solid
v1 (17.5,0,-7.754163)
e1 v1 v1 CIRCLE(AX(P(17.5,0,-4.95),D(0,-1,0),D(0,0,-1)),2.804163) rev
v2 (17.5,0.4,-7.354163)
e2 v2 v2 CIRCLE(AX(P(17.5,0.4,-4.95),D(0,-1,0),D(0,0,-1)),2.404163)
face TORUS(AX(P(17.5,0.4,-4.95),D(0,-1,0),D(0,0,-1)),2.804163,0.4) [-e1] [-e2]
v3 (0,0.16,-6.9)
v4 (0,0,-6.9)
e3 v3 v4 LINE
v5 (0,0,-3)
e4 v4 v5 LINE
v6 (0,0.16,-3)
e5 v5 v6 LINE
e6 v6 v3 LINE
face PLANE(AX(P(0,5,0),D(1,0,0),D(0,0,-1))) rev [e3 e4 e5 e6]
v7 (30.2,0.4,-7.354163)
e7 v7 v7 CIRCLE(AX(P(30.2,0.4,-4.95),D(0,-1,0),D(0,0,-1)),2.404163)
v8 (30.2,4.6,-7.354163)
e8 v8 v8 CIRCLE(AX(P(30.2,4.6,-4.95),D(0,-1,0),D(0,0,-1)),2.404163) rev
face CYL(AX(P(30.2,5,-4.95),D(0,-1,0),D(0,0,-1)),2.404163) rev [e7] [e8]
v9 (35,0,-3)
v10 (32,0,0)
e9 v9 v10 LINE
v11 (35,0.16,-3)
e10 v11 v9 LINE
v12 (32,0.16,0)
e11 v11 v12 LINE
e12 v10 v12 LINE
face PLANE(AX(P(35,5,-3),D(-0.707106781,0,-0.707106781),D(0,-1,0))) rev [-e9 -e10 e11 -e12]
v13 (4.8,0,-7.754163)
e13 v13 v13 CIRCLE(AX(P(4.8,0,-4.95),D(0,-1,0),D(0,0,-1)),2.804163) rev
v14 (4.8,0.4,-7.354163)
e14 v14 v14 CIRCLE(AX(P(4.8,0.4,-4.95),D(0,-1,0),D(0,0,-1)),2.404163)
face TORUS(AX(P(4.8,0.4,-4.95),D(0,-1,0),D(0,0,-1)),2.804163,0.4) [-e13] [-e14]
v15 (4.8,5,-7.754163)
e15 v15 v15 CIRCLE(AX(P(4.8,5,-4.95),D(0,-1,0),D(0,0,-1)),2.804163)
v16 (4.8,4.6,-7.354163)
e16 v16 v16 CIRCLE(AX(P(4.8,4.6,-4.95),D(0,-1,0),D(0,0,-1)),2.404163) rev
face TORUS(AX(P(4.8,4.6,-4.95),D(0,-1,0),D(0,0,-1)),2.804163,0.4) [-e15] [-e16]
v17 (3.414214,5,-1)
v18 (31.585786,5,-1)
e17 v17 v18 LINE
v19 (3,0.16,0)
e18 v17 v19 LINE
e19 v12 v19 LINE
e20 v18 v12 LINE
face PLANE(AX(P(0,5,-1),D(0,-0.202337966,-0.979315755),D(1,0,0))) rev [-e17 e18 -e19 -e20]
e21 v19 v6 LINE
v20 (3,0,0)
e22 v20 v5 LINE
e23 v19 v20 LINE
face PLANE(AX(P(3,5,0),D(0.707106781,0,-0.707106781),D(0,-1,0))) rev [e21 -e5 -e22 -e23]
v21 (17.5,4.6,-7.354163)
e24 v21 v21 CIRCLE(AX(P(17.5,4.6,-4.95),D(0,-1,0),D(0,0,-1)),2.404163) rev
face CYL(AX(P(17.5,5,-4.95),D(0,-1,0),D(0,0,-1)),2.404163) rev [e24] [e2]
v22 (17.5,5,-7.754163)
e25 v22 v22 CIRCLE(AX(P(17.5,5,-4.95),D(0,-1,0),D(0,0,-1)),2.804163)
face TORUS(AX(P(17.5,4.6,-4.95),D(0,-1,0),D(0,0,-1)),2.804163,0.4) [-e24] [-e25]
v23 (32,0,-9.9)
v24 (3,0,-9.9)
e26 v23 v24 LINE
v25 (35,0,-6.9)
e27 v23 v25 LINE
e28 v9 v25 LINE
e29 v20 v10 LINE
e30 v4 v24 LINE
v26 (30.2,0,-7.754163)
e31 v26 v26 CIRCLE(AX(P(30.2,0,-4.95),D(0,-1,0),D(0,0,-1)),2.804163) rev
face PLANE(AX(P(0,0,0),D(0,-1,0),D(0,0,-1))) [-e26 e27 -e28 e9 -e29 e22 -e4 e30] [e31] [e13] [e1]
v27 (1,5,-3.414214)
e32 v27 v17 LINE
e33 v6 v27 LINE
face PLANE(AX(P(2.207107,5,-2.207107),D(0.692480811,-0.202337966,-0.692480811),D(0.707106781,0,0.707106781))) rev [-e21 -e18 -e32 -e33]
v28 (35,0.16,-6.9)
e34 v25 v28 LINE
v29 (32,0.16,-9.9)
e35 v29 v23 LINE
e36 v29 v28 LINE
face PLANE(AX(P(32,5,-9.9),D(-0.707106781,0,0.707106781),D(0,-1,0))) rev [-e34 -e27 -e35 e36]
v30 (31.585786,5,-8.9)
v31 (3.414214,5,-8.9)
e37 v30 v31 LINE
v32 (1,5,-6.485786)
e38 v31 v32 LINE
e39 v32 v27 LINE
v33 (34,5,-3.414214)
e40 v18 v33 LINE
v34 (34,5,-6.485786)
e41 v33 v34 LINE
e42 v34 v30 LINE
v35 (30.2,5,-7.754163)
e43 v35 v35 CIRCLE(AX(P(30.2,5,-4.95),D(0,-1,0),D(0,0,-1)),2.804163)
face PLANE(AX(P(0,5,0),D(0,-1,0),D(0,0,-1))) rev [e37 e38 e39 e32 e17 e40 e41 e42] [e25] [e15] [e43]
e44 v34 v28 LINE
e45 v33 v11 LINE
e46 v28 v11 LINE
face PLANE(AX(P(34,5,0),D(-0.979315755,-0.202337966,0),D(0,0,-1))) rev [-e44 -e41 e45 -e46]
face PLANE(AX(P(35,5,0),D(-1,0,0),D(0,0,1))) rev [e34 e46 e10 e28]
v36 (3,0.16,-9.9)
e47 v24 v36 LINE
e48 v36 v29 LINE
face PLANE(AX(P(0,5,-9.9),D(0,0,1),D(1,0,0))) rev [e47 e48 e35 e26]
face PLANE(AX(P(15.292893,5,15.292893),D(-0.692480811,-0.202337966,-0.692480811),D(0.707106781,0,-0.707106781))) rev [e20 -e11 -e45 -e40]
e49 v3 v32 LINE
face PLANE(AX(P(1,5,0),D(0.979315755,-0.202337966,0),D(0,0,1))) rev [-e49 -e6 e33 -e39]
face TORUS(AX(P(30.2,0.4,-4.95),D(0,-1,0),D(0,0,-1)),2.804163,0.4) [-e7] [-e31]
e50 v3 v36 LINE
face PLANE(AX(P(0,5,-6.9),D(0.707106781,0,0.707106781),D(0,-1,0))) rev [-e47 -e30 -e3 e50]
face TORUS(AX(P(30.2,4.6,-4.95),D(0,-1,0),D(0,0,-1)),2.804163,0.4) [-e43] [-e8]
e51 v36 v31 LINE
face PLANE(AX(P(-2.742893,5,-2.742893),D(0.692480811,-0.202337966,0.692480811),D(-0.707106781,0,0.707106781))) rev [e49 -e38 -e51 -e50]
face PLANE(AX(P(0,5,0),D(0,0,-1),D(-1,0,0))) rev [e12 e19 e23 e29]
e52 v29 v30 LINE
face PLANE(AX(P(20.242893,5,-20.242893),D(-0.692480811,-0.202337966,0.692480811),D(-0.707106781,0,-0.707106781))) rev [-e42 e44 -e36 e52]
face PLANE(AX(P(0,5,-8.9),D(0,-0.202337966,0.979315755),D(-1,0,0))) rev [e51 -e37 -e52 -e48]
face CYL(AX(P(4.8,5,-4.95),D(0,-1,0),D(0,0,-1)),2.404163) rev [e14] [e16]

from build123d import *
from OCP.BRepFilletAPI import BRepFilletAPI_MakeChamfer

# Parameters (mm, degrees)
SKETCH1_W           = 35
SKETCH1_H           = 9.9
SKETCH1_R           = 2.404163056
BOSS_EXTRUDE1_DEPTH = 5
CHAMFER1_SIZE       = 3
CHAMFER2_SIZE       = 4.84
CHAMFER2_SIZE2      = 1
FILLET1_R           = 0.4


with BuildPart() as part:
    # Sketch1 → Boss-Extrude1 (new body)
    with BuildSketch(Plane(origin=(0, 0, 0), x_dir=(1, 0, 0), z_dir=(0, 1, 0))):
        with Locations((17.5, 4.95)):
            Rectangle(SKETCH1_W, SKETCH1_H)
        with Locations(Location((4.8, 4.95, 0), (0, 0, 270))):
            Circle(SKETCH1_R, mode=Mode.SUBTRACT)
        with Locations(Location((17.5, 4.95, 0), (0, 0, 270))):
            Circle(SKETCH1_R, mode=Mode.SUBTRACT)
        with Locations(Location((30.2, 4.95, 0), (0, 0, 270))):
            Circle(SKETCH1_R, mode=Mode.SUBTRACT)
    extrude(amount=BOSS_EXTRUDE1_DEPTH)

    # Chamfer1
    chamfer1_edges = [part.edges().sort_by_distance(p)[0] for p in [
        (0, 2.5, -9.9),
        (35, 2.5, -9.9),
        (35, 2.5, 0),
        (0, 2.5, 0),
    ]]
    chamfer(chamfer1_edges, length=CHAMFER1_SIZE)

    # Chamfer2: one chamfer whose edges measure the first distance from different faces: ONE call of the kernel's chamfer builder (chamfer() names one face for all edges)
    chamfer2_edges_1 = [part.edges().sort_by_distance(p)[0] for p in [
        (35, 5, -4.95),
    ]]
    chamfer2_side_1 = [part.faces().sort_by_distance(p)[0] for p in [
        (35, 2.5, -4.95),
    ]]
    chamfer2_edges_2 = [part.edges().sort_by_distance(p)[0] for p in [
        (17.5, 5, 0),
    ]]
    chamfer2_side_2 = [part.faces().sort_by_distance(p)[0] for p in [
        (17.5, 2.5, 0),
    ]]
    chamfer2_edges_3 = [part.edges().sort_by_distance(p)[0] for p in [
        (0, 5, -4.95),
    ]]
    chamfer2_side_3 = [part.faces().sort_by_distance(p)[0] for p in [
        (0, 2.5, -4.95),
    ]]
    chamfer2_edges_4 = [part.edges().sort_by_distance(p)[0] for p in [
        (17.5, 5, -9.9),
    ]]
    chamfer2_side_4 = [part.faces().sort_by_distance(p)[0] for p in [
        (17.5, 2.5, -9.9),
    ]]
    chamfer2_edges_5 = [part.edges().sort_by_distance(p)[0] for p in [
        (1.5, 5, -1.5),
    ]]
    chamfer2_side_5 = [part.faces().sort_by_distance(p)[0] for p in [
        (1.5, 2.5, -1.5),
    ]]
    chamfer2_edges_6 = [part.edges().sort_by_distance(p)[0] for p in [
        (1.5, 5, -8.4),
    ]]
    chamfer2_side_6 = [part.faces().sort_by_distance(p)[0] for p in [
        (1.5, 2.5, -8.4),
    ]]
    chamfer2_edges_7 = [part.edges().sort_by_distance(p)[0] for p in [
        (33.5, 5, -8.4),
    ]]
    chamfer2_side_7 = [part.faces().sort_by_distance(p)[0] for p in [
        (33.5, 2.5, -8.4),
    ]]
    chamfer2_edges_8 = [part.edges().sort_by_distance(p)[0] for p in [
        (33.5, 5, -1.5),
    ]]
    chamfer2_side_8 = [part.faces().sort_by_distance(p)[0] for p in [
        (33.5, 2.5, -1.5),
    ]]
    chamfer2 = BRepFilletAPI_MakeChamfer(part.part.solid().wrapped)
    for e in chamfer2_edges_1:
        chamfer2.Add(CHAMFER2_SIZE, CHAMFER2_SIZE2, e.wrapped, chamfer2_side_1[0].wrapped)  # the first distance lies on this face
    for e in chamfer2_edges_2:
        chamfer2.Add(CHAMFER2_SIZE, CHAMFER2_SIZE2, e.wrapped, chamfer2_side_2[0].wrapped)  # the first distance lies on this face
    for e in chamfer2_edges_3:
        chamfer2.Add(CHAMFER2_SIZE, CHAMFER2_SIZE2, e.wrapped, chamfer2_side_3[0].wrapped)  # the first distance lies on this face
    for e in chamfer2_edges_4:
        chamfer2.Add(CHAMFER2_SIZE, CHAMFER2_SIZE2, e.wrapped, chamfer2_side_4[0].wrapped)  # the first distance lies on this face
    for e in chamfer2_edges_5:
        chamfer2.Add(CHAMFER2_SIZE, CHAMFER2_SIZE2, e.wrapped, chamfer2_side_5[0].wrapped)  # the first distance lies on this face
    for e in chamfer2_edges_6:
        chamfer2.Add(CHAMFER2_SIZE, CHAMFER2_SIZE2, e.wrapped, chamfer2_side_6[0].wrapped)  # the first distance lies on this face
    for e in chamfer2_edges_7:
        chamfer2.Add(CHAMFER2_SIZE, CHAMFER2_SIZE2, e.wrapped, chamfer2_side_7[0].wrapped)  # the first distance lies on this face
    for e in chamfer2_edges_8:
        chamfer2.Add(CHAMFER2_SIZE, CHAMFER2_SIZE2, e.wrapped, chamfer2_side_8[0].wrapped)  # the first distance lies on this face
    add(Compound.cast(chamfer2.Shape()), mode=Mode.REPLACE)

    # Fillet1
    fillet1_edges = [part.edges().sort_by_distance(p)[0] for p in [
        (4.8, 0, -7.354163056),
        (4.8, 5, -7.354163056),
        (17.5, 0, -7.354163056),
        (17.5, 5, -7.354163056),
        (30.2, 0, -7.354163056),
        (30.2, 5, -7.354163056),
    ]]
    fillet(fillet1_edges, radius=FILLET1_R)


solid = part.part
